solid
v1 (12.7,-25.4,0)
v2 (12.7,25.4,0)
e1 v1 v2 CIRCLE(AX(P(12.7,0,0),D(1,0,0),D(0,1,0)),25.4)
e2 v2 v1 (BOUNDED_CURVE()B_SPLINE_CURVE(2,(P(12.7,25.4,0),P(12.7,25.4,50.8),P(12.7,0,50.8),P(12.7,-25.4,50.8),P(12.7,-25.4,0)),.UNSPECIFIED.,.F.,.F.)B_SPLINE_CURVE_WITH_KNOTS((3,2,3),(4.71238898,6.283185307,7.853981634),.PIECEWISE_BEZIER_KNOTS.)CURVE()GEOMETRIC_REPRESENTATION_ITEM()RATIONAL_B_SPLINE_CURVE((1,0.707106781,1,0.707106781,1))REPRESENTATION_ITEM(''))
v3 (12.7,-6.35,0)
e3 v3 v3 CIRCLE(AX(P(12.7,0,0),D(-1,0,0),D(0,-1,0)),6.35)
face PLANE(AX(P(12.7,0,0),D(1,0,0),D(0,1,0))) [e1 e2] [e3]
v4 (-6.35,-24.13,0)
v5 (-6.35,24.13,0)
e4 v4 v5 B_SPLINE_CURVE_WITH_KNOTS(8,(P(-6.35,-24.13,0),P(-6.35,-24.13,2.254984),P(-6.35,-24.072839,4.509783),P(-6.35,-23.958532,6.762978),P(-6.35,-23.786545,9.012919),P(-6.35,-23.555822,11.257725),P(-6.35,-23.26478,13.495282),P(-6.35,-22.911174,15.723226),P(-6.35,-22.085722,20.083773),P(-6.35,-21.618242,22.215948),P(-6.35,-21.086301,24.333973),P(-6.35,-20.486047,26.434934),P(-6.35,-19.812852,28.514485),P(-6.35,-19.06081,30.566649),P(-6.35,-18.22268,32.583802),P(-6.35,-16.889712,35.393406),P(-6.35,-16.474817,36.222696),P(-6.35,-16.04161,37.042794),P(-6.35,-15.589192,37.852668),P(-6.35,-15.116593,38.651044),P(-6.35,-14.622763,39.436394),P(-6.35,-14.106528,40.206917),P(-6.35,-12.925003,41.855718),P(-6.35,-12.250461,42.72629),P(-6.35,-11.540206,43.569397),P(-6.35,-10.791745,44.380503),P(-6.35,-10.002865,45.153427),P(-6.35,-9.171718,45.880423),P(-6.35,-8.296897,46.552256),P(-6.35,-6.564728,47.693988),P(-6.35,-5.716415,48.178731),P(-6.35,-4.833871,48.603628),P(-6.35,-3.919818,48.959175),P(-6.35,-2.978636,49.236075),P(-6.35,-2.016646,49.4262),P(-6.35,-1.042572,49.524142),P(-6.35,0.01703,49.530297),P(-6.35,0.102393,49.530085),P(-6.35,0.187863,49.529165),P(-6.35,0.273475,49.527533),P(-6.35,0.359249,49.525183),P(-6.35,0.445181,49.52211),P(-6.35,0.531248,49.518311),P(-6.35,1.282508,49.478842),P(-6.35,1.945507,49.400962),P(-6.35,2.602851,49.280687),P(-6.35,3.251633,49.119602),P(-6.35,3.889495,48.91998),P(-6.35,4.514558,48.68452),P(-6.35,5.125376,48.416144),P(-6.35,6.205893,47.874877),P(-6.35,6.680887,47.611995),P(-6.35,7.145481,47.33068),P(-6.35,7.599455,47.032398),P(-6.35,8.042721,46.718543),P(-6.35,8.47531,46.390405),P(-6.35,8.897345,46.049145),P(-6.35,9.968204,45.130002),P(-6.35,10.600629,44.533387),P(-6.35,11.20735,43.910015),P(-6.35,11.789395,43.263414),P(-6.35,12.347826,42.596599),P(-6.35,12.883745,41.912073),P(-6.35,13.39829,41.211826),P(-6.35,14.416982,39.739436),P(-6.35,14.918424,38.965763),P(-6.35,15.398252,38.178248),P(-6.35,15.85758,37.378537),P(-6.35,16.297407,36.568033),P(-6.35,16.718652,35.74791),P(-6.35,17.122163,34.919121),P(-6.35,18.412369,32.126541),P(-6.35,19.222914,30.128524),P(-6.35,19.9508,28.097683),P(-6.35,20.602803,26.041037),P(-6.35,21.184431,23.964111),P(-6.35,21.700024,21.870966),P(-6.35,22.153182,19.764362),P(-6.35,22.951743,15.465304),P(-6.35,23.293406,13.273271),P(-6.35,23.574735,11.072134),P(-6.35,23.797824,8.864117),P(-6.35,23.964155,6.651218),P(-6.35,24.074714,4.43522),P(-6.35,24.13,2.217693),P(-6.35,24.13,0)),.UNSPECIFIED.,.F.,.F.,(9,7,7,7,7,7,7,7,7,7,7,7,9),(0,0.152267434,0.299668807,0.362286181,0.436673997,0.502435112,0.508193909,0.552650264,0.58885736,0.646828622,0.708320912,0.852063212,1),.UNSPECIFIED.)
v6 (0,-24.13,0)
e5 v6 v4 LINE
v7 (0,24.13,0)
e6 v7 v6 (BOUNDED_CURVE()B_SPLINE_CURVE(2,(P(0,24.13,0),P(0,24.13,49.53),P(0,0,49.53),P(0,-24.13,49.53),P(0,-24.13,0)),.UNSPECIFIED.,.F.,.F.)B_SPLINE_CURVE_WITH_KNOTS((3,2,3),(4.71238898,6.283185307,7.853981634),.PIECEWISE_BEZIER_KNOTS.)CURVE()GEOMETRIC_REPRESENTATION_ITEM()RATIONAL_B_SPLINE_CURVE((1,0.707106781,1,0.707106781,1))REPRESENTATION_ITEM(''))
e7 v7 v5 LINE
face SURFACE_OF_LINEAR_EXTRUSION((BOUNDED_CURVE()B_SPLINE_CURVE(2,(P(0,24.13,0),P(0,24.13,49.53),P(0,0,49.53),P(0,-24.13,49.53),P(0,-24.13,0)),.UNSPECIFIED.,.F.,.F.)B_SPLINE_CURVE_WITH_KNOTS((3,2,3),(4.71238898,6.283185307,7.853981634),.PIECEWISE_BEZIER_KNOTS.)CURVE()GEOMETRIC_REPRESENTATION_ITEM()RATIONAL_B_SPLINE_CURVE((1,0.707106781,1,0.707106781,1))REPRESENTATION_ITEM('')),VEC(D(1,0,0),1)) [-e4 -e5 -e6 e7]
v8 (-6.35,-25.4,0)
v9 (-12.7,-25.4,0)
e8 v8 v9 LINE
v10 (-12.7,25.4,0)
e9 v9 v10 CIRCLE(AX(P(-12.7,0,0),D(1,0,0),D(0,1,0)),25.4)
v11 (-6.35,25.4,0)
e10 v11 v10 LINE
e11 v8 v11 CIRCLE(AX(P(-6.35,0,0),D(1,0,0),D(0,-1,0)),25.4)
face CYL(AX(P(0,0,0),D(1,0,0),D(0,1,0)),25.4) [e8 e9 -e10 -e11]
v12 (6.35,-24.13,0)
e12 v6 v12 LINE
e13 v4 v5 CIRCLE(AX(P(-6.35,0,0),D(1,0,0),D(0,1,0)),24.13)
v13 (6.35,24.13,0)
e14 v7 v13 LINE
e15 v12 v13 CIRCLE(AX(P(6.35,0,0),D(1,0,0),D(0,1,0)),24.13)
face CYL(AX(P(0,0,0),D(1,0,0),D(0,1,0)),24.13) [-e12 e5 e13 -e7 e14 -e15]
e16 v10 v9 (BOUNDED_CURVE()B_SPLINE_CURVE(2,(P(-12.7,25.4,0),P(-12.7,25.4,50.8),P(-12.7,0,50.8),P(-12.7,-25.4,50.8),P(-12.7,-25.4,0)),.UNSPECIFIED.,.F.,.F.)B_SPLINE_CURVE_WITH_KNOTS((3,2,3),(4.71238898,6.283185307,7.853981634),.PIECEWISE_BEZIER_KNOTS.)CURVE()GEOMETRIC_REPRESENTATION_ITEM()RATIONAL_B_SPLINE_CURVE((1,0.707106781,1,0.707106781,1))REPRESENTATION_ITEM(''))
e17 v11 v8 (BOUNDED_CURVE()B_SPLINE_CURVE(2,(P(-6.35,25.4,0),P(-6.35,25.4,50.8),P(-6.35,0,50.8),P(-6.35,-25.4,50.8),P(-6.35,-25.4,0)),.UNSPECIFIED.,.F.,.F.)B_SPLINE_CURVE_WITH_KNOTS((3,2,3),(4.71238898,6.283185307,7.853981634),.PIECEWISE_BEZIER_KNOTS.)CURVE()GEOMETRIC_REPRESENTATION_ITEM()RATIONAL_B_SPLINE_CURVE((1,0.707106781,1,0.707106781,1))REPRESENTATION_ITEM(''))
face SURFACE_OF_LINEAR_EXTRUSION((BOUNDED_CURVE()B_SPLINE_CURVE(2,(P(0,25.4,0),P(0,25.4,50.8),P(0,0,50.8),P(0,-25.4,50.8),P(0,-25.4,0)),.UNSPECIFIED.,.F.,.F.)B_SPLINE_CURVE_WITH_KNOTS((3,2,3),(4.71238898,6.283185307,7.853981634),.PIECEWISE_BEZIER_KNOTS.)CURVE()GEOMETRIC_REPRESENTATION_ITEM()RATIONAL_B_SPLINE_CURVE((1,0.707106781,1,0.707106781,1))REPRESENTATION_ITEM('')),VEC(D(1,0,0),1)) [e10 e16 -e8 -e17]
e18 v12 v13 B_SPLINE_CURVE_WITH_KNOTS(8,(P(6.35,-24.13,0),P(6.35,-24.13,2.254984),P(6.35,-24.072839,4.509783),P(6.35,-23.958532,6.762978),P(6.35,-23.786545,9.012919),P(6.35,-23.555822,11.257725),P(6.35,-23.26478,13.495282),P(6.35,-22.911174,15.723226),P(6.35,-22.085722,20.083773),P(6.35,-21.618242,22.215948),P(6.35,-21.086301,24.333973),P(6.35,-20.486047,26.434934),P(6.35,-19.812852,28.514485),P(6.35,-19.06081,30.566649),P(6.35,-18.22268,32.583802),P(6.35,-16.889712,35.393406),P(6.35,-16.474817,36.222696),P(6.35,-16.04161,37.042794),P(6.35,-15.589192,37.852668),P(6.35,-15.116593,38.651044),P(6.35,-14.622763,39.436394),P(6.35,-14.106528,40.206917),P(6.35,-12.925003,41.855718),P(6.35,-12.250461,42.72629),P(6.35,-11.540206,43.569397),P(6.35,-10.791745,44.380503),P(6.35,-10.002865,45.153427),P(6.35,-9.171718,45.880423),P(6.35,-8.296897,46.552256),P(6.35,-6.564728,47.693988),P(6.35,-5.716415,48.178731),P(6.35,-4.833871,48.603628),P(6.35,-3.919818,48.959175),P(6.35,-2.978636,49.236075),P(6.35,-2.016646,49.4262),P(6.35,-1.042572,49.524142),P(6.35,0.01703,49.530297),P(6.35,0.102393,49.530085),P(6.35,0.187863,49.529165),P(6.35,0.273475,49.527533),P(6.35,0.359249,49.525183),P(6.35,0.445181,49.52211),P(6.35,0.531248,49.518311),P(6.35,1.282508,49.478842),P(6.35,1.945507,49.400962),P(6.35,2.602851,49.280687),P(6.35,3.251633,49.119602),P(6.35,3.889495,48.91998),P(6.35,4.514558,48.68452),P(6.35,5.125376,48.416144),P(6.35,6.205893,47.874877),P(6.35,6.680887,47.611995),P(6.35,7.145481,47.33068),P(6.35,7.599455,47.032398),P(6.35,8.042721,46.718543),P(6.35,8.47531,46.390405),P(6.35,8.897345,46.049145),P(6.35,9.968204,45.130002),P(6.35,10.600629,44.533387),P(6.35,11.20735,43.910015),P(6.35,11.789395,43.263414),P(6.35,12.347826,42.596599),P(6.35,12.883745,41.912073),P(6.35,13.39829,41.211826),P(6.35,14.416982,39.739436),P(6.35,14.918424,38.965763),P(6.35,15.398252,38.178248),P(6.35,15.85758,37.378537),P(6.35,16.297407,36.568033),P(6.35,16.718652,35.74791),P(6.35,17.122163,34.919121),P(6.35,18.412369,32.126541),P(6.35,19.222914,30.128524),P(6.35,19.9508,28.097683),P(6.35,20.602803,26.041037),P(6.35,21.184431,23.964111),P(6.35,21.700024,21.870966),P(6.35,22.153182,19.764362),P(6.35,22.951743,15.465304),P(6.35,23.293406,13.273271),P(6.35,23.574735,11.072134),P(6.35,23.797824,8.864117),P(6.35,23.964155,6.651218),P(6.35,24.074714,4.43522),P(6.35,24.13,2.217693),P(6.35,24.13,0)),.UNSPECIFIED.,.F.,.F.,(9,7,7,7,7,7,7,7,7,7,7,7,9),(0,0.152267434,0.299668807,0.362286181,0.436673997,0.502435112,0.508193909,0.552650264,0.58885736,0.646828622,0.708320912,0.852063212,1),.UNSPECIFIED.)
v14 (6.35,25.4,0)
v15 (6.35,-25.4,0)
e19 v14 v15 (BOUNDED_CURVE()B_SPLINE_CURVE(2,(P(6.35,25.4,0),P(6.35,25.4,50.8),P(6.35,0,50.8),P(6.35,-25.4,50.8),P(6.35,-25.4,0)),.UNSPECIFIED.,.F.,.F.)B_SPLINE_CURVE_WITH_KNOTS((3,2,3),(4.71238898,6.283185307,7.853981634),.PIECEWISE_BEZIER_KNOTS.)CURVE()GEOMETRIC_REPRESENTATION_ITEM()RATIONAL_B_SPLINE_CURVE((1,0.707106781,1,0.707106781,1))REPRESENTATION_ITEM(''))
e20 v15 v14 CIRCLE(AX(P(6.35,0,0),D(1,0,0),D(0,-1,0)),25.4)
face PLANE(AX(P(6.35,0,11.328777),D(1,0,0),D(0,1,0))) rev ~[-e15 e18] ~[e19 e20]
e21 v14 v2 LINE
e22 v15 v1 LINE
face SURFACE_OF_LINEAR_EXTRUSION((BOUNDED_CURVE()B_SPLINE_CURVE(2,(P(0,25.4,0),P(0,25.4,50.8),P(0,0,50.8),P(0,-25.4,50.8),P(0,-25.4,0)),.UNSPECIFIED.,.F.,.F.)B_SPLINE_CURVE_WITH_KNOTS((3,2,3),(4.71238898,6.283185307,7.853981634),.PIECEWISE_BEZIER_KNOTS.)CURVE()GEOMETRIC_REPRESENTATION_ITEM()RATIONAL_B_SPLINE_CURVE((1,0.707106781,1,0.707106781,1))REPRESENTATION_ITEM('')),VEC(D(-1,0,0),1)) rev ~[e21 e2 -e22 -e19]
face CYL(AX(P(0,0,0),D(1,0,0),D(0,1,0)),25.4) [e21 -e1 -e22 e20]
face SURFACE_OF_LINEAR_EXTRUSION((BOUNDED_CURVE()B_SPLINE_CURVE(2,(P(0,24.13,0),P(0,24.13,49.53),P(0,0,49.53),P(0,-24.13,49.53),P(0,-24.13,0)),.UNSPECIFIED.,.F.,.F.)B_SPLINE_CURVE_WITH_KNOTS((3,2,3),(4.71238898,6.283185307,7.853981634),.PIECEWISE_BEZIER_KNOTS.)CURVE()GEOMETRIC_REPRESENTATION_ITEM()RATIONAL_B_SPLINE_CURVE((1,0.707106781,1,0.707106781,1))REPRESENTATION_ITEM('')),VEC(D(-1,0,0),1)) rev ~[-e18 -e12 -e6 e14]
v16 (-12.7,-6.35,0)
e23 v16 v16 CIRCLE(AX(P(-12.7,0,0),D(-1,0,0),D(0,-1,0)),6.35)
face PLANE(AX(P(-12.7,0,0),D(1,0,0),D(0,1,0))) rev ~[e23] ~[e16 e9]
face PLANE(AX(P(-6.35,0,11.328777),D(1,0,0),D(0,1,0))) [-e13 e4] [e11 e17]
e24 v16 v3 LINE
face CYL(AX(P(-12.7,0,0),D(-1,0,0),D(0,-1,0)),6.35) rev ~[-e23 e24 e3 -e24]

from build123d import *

# Parameters (mm, degrees)
F1_DEPTH = 12.7
F3_DEPTH = 6.35
F5_DEPTH = 7.62
F6_R     = 6.35
F7_DEPTH = 25.4010001


with BuildPart() as f1:
    # F0 (on Right) → F1 (new body, symmetric)
    with BuildSketch(Plane.YZ):
        with BuildLine():
            ThreePointArc((-25.4, 0), (0, -25.4), (25.4, 0))
            ThreePointArc((25.4, 0), (0, 25.4), (-25.4, 0))
        make_face()
        with BuildLine():
            ThreePointArc((-25.4, 0), (0, 25.4), (25.4, 0))
            add(Edge.make_bspline(
                [(25.4, 0), (25.4, 50.8), (0, 50.8), (-25.4, 50.8), (-25.4, 0)],
                knots=[4.7123889804, 4.7123889804, 4.7123889804, 6.2831853072, 6.2831853072, 7.853981634, 7.853981634, 7.853981634], degree=2, weights=[1, 0.7071067812, 1, 0.7071067812, 1]))
        make_face()
    extrude(amount=F1_DEPTH, both=True)

    # F2 (on Right) → F3 (cut, symmetric)
    with BuildSketch(Plane.YZ):
        with BuildLine():
            ThreePointArc((-25.4, 0), (0, -25.4), (25.4, 0))
            add(Edge.make_bspline(
                [(25.4, 0), (25.4, 50.8), (0, 50.8), (-25.4, 50.8), (-25.4, 0)],
                knots=[4.7123889804, 4.7123889804, 4.7123889804, 6.2831853072, 6.2831853072, 7.853981634, 7.853981634, 7.853981634], degree=2, weights=[1, 0.7071067812, 1, 0.7071067812, 1]))
        make_face()
    extrude(amount=F3_DEPTH, both=True, mode=Mode.SUBTRACT)

    # F4 (on Right) → F5 (join, symmetric)
    with BuildSketch(Plane.YZ):
        with BuildLine():
            ThreePointArc((-24.13, 0), (0, -24.13), (24.13, 0))
            ThreePointArc((24.13, 0), (0, 24.13), (-24.13, 0))
        make_face()
        with BuildLine():
            ThreePointArc((-24.13, 0), (0, 24.13), (24.13, 0))
            add(Edge.make_bspline(
                [(24.13, 0), (24.13, 49.53), (0, 49.53), (-24.13, 49.53), (-24.13, 0)],
                knots=[4.7123889804, 4.7123889804, 4.7123889804, 6.2831853072, 6.2831853072, 7.853981634, 7.853981634, 7.853981634], degree=2, weights=[1, 0.7071067812, 1, 0.7071067812, 1]))
        make_face()
    extrude(amount=F5_DEPTH, both=True)

    # F6 (on face) → F7 (cut, through all)
    with BuildSketch(Plane(origin=(-12.7, 0, 0), x_dir=(0, -1, 0), z_dir=(-1, 0, 0))):
        Circle(F6_R)
    extrude(amount=-F7_DEPTH, mode=Mode.SUBTRACT)


solid = f1.part
